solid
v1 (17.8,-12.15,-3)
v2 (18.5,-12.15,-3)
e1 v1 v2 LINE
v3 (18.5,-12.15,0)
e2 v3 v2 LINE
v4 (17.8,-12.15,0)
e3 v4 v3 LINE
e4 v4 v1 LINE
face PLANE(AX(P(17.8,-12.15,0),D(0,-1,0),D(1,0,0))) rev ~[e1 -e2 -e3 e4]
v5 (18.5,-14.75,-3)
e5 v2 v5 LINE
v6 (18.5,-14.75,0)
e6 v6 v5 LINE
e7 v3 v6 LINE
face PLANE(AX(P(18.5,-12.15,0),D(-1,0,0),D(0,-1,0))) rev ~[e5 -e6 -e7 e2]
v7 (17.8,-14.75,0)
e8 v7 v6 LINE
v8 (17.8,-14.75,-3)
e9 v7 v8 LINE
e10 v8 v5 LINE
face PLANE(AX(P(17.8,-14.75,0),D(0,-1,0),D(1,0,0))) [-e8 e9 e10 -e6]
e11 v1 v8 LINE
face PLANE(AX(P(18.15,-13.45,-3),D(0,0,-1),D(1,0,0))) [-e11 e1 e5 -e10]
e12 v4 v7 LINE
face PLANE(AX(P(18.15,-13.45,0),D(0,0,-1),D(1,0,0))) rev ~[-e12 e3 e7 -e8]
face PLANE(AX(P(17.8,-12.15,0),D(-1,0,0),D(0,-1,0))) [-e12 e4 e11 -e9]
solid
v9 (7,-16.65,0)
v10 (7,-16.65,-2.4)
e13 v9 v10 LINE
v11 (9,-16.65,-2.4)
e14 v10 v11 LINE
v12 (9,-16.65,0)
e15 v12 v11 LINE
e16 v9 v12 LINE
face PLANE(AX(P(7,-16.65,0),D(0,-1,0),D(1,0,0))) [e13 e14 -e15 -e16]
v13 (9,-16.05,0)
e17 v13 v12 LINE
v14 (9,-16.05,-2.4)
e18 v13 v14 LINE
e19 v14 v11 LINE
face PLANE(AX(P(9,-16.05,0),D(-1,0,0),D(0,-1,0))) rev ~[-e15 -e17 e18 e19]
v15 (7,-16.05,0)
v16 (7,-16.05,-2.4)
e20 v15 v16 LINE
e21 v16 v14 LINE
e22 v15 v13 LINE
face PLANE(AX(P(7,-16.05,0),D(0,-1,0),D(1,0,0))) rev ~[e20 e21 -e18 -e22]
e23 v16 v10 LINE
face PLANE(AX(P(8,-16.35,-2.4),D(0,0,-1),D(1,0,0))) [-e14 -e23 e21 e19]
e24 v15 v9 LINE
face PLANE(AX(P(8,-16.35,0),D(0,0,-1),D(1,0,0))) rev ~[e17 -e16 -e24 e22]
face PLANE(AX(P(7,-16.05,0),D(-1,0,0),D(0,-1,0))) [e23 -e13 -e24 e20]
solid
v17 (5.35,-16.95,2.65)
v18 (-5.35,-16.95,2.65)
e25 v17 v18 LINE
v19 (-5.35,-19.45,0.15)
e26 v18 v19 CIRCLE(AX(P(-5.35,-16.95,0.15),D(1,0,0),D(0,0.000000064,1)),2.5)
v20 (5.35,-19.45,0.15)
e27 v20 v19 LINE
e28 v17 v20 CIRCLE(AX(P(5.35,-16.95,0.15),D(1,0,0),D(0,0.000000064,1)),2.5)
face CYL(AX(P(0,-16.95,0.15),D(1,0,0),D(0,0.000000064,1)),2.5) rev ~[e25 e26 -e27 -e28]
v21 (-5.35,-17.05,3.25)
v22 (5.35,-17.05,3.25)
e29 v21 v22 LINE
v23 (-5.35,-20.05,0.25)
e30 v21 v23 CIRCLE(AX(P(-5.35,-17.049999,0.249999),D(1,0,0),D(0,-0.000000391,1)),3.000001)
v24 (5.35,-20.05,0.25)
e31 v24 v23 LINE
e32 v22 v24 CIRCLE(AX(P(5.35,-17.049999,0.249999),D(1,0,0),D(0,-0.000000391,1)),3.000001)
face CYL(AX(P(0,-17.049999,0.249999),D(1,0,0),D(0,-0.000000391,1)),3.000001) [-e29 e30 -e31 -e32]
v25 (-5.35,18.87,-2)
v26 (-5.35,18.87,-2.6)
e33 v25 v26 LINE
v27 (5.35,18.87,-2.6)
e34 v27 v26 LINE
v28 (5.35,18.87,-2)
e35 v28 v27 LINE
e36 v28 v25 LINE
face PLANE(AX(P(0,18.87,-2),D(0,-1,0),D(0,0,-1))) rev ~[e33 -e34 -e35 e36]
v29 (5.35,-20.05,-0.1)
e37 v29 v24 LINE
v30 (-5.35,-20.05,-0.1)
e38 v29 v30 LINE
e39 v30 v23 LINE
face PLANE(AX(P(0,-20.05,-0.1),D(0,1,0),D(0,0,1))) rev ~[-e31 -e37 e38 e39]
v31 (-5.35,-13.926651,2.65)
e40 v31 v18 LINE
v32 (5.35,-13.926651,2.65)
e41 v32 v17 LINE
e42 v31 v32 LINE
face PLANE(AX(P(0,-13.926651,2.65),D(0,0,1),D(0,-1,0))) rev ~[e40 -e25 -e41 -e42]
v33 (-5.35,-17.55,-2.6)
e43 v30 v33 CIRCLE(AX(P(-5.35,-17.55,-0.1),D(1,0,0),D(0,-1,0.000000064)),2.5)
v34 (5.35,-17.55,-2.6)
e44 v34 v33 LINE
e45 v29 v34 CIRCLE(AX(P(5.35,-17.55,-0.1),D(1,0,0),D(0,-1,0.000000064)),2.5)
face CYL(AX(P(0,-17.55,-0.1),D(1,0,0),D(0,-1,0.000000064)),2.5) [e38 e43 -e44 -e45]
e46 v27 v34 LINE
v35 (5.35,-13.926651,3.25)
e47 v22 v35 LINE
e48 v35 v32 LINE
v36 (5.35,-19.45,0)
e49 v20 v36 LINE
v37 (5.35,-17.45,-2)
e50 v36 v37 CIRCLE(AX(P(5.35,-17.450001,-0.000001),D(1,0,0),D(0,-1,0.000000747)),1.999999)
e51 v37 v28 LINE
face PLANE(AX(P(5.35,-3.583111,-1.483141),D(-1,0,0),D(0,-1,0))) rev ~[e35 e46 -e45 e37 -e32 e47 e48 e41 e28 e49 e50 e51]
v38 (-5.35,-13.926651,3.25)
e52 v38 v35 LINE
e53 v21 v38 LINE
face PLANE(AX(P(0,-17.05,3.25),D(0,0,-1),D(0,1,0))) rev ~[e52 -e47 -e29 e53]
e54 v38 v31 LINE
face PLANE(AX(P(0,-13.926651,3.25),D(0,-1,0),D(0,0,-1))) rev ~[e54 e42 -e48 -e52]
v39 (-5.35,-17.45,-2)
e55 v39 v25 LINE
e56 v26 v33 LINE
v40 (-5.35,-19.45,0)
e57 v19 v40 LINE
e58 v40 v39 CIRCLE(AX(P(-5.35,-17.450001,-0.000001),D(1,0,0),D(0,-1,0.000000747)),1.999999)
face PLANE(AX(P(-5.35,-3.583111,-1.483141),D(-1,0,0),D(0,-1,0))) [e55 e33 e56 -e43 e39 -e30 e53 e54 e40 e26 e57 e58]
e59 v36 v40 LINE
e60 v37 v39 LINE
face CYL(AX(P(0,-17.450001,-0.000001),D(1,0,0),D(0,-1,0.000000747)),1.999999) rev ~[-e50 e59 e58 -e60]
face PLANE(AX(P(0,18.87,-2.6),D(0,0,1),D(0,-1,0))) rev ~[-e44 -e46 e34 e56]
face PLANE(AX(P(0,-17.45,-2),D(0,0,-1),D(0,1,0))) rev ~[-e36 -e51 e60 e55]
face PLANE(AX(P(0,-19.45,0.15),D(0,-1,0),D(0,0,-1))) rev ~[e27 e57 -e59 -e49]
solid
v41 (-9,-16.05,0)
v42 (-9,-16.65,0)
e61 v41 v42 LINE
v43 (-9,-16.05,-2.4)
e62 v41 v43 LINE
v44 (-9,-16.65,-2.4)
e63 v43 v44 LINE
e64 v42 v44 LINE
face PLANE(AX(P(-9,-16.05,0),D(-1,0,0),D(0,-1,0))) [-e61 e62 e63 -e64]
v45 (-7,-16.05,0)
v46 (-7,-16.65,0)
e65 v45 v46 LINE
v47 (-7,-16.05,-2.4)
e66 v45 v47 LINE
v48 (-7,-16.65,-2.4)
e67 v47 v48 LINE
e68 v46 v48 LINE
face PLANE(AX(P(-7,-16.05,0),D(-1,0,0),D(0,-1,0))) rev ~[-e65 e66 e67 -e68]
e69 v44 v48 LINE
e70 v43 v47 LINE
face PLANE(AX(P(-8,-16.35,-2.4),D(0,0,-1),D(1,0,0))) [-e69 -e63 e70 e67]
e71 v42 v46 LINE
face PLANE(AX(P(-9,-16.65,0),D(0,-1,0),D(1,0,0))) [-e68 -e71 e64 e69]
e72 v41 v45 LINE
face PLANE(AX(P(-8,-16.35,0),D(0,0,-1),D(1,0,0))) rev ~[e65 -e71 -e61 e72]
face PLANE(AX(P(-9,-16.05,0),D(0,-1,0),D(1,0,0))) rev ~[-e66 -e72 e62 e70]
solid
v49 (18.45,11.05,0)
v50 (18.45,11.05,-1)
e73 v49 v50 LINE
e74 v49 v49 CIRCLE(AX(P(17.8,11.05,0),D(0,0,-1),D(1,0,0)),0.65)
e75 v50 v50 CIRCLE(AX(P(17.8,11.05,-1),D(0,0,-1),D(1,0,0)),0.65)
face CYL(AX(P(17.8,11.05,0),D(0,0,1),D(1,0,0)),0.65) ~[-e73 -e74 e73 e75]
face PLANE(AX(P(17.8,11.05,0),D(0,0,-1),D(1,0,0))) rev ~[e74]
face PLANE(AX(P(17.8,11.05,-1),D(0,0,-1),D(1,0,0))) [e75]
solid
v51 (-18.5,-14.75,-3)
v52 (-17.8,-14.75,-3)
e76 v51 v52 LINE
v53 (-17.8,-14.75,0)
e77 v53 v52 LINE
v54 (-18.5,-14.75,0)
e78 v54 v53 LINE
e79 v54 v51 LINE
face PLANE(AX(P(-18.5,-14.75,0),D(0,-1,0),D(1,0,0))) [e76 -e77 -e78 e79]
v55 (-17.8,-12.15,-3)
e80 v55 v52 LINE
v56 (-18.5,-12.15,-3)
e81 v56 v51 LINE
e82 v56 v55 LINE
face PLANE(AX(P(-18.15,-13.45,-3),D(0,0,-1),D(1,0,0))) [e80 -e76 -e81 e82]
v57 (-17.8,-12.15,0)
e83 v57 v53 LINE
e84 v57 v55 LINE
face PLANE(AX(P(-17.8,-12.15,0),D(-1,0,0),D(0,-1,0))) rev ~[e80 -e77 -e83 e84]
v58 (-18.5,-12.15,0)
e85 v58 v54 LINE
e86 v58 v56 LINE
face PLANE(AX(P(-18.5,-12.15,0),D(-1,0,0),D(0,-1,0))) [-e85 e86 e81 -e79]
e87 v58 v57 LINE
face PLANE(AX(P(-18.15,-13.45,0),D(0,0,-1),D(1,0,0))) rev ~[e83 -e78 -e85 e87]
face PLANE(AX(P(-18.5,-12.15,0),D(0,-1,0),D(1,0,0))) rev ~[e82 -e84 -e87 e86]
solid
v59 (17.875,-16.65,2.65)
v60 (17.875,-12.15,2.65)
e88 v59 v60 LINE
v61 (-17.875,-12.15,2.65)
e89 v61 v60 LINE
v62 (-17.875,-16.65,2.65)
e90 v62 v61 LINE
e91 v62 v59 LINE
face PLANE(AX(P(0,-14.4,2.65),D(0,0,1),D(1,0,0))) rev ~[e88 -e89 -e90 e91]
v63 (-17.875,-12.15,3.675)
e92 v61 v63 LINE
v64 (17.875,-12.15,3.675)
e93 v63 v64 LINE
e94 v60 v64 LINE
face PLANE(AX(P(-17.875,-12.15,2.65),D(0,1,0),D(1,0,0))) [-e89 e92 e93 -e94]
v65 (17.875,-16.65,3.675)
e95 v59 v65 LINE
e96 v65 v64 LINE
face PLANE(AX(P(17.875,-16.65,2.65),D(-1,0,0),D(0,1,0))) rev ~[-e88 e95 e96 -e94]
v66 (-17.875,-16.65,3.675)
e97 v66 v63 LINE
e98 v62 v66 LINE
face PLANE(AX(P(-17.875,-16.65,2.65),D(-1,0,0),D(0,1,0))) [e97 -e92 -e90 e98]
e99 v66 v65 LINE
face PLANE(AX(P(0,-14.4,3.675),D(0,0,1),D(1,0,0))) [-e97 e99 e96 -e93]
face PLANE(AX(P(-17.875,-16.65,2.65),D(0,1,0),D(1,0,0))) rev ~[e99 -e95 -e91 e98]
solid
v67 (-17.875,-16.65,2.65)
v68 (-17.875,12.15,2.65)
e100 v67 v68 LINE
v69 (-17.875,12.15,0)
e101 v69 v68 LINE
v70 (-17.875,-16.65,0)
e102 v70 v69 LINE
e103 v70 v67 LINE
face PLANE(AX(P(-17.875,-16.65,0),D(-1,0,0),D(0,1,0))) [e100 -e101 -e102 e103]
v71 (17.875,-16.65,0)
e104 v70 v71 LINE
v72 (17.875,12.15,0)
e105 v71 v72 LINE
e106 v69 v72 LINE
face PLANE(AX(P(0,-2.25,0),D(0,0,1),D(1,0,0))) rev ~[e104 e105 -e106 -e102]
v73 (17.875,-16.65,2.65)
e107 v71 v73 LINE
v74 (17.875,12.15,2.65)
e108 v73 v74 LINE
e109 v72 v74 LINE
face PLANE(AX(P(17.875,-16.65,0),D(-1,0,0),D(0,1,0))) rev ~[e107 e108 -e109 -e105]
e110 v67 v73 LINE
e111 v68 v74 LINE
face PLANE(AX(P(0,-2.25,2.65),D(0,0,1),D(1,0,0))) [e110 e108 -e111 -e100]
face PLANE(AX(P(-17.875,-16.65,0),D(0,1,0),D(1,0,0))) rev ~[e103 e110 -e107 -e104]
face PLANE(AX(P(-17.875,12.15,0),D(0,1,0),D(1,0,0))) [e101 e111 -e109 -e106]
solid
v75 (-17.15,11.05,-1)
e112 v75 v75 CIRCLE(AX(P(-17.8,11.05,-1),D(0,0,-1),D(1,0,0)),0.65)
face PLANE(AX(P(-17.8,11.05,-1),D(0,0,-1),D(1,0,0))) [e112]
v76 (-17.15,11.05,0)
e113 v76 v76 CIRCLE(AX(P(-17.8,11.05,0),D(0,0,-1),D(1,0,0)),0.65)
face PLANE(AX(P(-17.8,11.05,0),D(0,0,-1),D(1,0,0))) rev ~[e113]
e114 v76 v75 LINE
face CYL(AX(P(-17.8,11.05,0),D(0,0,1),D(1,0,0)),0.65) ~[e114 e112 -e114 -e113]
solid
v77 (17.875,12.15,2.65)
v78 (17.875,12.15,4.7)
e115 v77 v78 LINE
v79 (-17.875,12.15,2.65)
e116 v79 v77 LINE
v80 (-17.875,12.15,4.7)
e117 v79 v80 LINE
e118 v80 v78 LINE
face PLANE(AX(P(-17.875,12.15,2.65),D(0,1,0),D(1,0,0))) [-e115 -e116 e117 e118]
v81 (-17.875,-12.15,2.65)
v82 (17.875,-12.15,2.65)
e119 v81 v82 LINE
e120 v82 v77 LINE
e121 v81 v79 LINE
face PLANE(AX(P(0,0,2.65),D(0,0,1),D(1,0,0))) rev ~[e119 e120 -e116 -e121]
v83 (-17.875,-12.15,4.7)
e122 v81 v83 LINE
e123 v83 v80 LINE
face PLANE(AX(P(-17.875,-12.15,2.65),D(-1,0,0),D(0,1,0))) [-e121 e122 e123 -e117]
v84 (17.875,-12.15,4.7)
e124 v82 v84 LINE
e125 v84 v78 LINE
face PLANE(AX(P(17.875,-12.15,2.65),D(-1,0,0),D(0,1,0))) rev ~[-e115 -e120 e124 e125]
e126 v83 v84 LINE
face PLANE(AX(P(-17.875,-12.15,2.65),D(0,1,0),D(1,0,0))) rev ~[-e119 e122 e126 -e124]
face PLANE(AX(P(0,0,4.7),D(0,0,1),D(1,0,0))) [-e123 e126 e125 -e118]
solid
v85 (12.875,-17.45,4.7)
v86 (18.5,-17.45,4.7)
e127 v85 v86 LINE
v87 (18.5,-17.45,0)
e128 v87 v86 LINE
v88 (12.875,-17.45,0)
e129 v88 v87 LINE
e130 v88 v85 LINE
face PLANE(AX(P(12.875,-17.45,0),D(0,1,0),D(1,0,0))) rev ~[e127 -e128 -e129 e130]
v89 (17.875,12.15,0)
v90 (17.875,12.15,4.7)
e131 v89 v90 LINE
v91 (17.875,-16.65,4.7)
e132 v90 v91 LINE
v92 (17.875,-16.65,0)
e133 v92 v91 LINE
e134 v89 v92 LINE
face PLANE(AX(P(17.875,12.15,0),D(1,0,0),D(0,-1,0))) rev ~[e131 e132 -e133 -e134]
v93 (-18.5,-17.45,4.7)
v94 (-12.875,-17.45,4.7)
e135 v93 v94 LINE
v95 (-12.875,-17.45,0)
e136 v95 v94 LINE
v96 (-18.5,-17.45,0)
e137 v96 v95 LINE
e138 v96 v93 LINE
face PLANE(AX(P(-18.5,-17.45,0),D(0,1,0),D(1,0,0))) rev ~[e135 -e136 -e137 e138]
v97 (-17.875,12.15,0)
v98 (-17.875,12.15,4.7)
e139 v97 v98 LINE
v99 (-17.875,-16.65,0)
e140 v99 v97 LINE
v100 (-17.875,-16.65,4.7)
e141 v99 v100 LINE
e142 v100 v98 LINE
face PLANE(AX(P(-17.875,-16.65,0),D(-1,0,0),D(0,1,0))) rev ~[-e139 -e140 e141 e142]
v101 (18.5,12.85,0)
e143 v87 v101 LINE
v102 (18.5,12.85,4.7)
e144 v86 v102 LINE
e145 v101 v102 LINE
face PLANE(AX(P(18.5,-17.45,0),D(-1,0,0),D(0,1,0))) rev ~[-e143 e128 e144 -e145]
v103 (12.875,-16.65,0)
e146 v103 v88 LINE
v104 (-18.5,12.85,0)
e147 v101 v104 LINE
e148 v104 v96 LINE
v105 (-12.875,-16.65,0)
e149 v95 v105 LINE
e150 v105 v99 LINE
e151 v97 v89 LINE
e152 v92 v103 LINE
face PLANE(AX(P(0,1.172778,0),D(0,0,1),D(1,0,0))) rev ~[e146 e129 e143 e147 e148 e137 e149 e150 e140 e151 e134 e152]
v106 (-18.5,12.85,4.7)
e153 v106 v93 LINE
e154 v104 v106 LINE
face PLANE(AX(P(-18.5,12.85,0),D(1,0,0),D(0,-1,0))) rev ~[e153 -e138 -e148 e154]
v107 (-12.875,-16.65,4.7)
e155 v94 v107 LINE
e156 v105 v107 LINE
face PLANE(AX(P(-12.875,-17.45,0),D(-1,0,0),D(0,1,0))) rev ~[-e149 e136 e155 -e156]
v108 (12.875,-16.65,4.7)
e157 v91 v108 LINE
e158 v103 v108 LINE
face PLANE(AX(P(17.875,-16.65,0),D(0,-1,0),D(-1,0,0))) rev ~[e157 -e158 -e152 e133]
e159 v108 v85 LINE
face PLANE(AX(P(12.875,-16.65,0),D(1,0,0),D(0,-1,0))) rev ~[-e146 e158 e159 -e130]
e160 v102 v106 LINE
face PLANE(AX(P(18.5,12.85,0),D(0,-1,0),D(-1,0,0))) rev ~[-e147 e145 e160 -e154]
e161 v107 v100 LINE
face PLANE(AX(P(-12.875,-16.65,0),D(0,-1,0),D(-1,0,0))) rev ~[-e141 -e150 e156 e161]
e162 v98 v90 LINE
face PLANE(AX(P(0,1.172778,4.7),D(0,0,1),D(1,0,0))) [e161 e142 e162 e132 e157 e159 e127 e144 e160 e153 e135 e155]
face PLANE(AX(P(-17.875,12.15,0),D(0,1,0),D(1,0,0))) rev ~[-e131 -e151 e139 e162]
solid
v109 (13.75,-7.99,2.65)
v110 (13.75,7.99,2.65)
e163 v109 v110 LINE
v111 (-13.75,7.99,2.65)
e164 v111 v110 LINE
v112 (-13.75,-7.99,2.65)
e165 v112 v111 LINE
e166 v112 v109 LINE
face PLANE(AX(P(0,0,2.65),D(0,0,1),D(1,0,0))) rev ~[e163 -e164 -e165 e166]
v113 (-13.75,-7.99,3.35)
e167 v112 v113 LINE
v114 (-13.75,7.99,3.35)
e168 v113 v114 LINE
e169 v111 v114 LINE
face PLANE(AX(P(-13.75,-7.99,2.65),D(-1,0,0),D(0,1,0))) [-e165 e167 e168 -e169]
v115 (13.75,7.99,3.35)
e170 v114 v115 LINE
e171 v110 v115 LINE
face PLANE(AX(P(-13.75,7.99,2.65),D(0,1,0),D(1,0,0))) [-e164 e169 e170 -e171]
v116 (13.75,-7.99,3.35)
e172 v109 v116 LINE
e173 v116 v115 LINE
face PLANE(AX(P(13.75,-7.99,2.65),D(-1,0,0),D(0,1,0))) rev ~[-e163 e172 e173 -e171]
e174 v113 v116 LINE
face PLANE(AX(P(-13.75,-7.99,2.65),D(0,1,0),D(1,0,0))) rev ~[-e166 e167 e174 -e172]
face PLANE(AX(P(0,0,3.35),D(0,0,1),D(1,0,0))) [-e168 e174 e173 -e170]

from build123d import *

# Parameters (mm, degrees)
SKETCH_W     = 35.75
SKETCH_H     = 28.8
PAD_DEPTH    = 2.65
PAD001_DEPTH = 4.7
SKETCH002_W  = 27.5
SKETCH002_H  = 15.98
PAD002_DEPTH = 0.7
SKETCH003_W  = 35.75
SKETCH003_H  = 24.3
PAD003_DEPTH = 2.05
SKETCH004_W  = 35.75
SKETCH004_H  = 4.5
PAD004_DEPTH = 1.025
SKETCH005_R  = 0.65
PAD005_DEPTH = 1
SKETCH006_W  = 2
SKETCH006_H  = 0.6
PAD006_DEPTH = 2.4
SKETCH007_W  = 0.7
SKETCH007_H  = 2.6
PAD007_DEPTH = 3
PAD008_DEPTH = 5.35


with BuildPart() as pcb:
    # Sketch → Pad (new body)
    with BuildSketch(Plane.XY):
        with Locations((0, -2.25)):
            Rectangle(SKETCH_W, SKETCH_H)
    extrude(amount=PAD_DEPTH)


with BuildPart() as ramka001:
    # Sketch001 → Pad001 (new body)
    with BuildSketch(Plane.XY):
        Polygon((-17.875, 12.15), (17.875, 12.15), (17.875, -16.65), (12.875, -16.65), (12.875, -17.45), (18.5, -17.45), (18.5, 12.85), (-18.5, 12.85), (-18.5, -17.45), (-12.875, -17.45), (-12.875, -16.65), (-17.875, -16.65), align=None)
    extrude(amount=PAD001_DEPTH)


with BuildPart() as ekran001:
    # Sketch002 → Pad002 (new body)
    with BuildSketch(Plane.XY.offset(2.65)):
        Rectangle(SKETCH002_W, SKETCH002_H)
    extrude(amount=PAD002_DEPTH)


with BuildPart() as zabezpieczenie_ekranu001:
    # Sketch003 → Pad003 (new body)
    with BuildSketch(Plane.XY.offset(2.65)):
        Rectangle(SKETCH003_W, SKETCH003_H)
    extrude(amount=PAD003_DEPTH)


with BuildPart() as czarna_masa001:
    # Sketch004 → Pad004 (new body)
    with BuildSketch(Plane.XY.offset(2.65)):
        with Locations((0, -14.4)):
            Rectangle(SKETCH004_W, SKETCH004_H)
    extrude(amount=PAD004_DEPTH)


with BuildPart() as piny_montazowe001:
    # Sketch005 → Pad005 (new body)
    with BuildSketch(Plane(origin=(0, 0, 0), x_dir=(1, 0, 0), z_dir=(0, 0, -1))):
        with Locations((-17.8, -11.05)):
            Circle(SKETCH005_R)
        with Locations((17.8, -11.05)):
            Circle(SKETCH005_R)
    extrude(amount=PAD005_DEPTH)


with BuildPart() as katoda_anoda001:
    # Sketch006 → Pad006 (new body)
    with BuildSketch(Plane(origin=(0, 0, 0), x_dir=(1, 0, 0), z_dir=(0, 0, -1))):
        with Locations((-8, 16.35)):
            Rectangle(SKETCH006_W, SKETCH006_H)
        with Locations((8, 16.35)):
            Rectangle(SKETCH006_W, SKETCH006_H)
    extrude(amount=PAD006_DEPTH)


with BuildPart() as piny_montazowe003:
    # Sketch007 → Pad007 (new body)
    with BuildSketch(Plane(origin=(0, 0, 0), x_dir=(1, 0, 0), z_dir=(0, 0, -1))):
        with Locations((18.15, 13.45)):
            Rectangle(SKETCH007_W, SKETCH007_H)
        with Locations((-18.15, 13.45)):
            Rectangle(SKETCH007_W, SKETCH007_H)
    extrude(amount=PAD007_DEPTH)


with BuildPart() as pasek001:
    # Sketch008 → Pad008 (new body, symmetric)
    with BuildSketch(Plane.YZ):
        with BuildLine():
            Line((-13.926651, 2.65), (-16.95, 2.65))
            ThreePointArc((-16.95, 2.65), (-18.717767, 1.917767), (-19.45, 0.15))
            Line((-19.45, 0.15), (-19.45, 0))
            ThreePointArc((-19.45, 0), (-18.864214, -1.414214), (-17.45, -2))
            Line((-17.45, -2), (18.87, -2))
            Line((18.87, -2), (18.87, -2.6))
            Line((18.87, -2.6), (-17.55, -2.6))
            ThreePointArc((-20.05, -0.1), (-19.317767, -1.867767), (-17.55, -2.6))
            Line((-20.05, -0.1), (-20.05, 0.25))
            ThreePointArc((-17.05, 3.25), (-19.17132, 2.37132), (-20.05, 0.25))
            Line((-17.05, 3.25), (-13.926651, 3.25))
            Line((-13.926651, 3.25), (-13.926651, 2.65))
        make_face()
    extrude(amount=PAD008_DEPTH, both=True)


solid = Compound([pcb.part, ramka001.part, ekran001.part, zabezpieczenie_ekranu001.part, czarna_masa001.part, piny_montazowe001.part, katoda_anoda001.part, piny_montazowe003.part, pasek001.part])
